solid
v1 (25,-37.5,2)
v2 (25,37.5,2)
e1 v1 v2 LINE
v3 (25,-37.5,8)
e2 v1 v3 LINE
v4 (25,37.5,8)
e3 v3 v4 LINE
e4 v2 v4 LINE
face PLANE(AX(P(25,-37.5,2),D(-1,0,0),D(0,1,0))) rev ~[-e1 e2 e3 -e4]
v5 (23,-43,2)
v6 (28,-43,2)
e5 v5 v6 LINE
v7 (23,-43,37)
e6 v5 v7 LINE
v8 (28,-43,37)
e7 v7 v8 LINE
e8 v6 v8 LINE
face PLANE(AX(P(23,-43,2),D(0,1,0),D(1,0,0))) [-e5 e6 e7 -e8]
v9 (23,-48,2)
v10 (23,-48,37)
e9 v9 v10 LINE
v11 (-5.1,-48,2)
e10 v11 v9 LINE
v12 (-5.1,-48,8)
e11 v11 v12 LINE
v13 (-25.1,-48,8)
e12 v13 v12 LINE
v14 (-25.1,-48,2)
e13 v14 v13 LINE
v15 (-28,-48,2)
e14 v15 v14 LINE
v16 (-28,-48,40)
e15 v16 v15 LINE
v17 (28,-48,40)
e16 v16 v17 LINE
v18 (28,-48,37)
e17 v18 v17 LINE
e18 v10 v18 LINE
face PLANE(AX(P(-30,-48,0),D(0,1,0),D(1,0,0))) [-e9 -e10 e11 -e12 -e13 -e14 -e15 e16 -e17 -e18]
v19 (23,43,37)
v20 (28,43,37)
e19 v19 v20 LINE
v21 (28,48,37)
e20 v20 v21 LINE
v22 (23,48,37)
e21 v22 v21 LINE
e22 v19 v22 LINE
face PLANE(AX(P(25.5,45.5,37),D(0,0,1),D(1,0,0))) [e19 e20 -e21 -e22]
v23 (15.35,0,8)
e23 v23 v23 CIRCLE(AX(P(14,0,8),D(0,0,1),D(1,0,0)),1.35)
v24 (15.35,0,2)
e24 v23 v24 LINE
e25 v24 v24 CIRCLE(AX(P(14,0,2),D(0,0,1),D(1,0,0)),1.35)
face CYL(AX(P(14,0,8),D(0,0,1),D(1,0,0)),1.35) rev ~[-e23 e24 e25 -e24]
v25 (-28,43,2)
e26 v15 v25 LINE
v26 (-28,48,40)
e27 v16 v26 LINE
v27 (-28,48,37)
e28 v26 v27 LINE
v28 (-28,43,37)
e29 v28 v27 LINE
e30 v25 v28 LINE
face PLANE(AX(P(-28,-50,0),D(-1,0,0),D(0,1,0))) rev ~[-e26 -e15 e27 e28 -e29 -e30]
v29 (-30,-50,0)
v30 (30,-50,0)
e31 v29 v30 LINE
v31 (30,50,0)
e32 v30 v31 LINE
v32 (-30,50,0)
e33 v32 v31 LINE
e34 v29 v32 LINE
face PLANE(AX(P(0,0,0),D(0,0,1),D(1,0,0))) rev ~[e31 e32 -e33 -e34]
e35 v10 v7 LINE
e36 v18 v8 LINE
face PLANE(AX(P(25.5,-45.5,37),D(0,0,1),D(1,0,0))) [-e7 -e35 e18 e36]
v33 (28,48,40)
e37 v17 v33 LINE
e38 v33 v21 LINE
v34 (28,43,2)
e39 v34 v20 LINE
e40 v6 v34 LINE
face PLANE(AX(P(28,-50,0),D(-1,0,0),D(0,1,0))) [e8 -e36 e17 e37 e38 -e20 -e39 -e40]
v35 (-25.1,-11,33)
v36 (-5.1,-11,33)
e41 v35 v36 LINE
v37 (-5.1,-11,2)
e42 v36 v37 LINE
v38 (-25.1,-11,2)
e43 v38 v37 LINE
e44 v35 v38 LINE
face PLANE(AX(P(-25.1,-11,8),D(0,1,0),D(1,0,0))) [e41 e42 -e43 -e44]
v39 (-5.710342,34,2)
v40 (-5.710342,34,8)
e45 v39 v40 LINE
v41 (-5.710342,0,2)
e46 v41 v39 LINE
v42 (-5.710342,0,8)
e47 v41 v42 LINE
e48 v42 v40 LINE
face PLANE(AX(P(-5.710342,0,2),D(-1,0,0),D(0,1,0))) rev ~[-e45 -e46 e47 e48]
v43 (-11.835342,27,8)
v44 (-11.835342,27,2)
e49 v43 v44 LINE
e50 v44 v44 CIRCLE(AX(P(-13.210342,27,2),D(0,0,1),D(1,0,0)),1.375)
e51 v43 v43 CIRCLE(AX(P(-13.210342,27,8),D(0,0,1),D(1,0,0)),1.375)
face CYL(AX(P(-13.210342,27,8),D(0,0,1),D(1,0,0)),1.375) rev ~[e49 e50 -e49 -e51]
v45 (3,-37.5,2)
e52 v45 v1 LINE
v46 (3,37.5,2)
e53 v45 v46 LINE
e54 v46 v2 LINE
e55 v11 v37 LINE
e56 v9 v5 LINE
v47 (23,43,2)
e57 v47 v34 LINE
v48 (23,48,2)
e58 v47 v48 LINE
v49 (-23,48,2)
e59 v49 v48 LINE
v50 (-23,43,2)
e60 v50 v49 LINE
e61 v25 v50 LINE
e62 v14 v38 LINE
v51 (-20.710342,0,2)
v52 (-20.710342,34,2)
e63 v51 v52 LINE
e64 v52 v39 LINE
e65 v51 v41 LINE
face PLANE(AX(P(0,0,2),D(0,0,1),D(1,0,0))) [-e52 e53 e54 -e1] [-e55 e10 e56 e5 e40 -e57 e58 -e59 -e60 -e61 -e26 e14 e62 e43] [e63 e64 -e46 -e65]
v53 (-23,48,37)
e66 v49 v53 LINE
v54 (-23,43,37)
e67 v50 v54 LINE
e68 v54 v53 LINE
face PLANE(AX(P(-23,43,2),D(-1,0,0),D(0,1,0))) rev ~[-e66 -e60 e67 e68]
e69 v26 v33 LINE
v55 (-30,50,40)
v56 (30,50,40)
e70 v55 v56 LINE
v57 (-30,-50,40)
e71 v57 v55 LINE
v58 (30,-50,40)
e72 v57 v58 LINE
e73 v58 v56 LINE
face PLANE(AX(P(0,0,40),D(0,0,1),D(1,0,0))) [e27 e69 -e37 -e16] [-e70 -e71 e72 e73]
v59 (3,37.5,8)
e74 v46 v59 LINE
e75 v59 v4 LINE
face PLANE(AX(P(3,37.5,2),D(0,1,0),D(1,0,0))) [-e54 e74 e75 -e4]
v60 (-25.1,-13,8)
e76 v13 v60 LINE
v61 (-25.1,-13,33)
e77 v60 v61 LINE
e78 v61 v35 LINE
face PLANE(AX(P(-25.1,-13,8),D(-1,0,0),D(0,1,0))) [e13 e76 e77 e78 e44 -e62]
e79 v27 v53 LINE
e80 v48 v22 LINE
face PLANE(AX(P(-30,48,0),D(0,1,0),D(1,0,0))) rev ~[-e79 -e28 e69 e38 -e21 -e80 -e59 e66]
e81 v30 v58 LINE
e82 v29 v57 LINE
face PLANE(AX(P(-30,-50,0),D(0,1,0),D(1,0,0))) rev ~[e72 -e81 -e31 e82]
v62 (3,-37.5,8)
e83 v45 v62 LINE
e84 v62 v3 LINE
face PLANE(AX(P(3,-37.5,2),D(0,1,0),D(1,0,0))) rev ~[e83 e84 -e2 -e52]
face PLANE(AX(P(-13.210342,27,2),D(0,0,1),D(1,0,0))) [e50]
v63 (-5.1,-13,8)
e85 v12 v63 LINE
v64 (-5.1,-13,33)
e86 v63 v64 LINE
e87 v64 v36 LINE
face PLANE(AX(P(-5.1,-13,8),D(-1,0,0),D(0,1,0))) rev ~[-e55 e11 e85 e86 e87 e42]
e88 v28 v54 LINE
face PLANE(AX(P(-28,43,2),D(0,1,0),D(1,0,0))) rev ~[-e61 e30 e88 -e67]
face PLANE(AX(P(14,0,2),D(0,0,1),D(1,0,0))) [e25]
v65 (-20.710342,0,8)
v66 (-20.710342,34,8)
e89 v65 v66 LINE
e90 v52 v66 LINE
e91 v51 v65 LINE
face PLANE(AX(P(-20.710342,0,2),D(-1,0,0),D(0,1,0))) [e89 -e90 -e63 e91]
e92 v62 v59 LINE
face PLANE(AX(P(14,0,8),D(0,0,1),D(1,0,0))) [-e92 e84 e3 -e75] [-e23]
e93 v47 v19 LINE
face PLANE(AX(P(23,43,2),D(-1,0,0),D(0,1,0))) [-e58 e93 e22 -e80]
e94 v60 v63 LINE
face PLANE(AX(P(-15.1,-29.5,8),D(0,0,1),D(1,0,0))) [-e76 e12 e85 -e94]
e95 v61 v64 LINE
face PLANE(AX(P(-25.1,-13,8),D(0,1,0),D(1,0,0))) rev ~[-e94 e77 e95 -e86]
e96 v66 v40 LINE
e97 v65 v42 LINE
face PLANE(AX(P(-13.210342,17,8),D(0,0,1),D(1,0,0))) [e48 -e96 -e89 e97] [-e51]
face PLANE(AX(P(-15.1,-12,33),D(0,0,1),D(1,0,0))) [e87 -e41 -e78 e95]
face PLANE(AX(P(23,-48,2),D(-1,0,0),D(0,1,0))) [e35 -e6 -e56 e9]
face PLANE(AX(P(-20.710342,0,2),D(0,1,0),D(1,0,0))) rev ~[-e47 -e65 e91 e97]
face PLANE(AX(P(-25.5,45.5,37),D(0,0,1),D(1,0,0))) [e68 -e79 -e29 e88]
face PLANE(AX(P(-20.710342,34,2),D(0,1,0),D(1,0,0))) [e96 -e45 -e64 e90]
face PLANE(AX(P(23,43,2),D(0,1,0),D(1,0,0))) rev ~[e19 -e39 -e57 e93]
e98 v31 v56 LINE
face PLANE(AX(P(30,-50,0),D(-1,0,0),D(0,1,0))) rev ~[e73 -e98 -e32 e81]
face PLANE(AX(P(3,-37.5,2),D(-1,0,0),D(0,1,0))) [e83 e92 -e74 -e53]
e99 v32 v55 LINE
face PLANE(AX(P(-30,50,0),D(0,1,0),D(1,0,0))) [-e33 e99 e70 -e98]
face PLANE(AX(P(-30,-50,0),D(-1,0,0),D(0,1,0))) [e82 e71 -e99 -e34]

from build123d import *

# Parameters (mm, degrees)
F0_W      = 60
F0_H      = 100
F1_DEPTH  = 40
F2_T      = -2
F3_W      = 22
F3_H      = 75
F4_DEPTH  = 6
F5_R      = 1.35
F6_DEPTH  = 6
F7_W      = 20
F7_H      = 37
F8_DEPTH  = 6
F9_W      = 20
F9_H      = 2
F10_DEPTH = 25
F11_W     = 15
F11_H     = 34
F12_DEPTH = 6
F13_R     = 1.375
F14_DEPTH = 6
F15_W     = 5
F15_H     = 5
F16_DEPTH = 35


with BuildPart() as f1:
    # F0 (on Top) → F1 (new body)
    with BuildSketch(Plane.XY):
        Rectangle(F0_W, F0_H)
    extrude(amount=F1_DEPTH)

    # F2
    f2_openings = [f1.faces().sort_by_distance(p)[0] for p in [
        (0, 0, 40),
    ]]
    offset(amount=F2_T, openings=f2_openings)

    # F3 (on face) → F4 (join)
    with BuildSketch(Plane.XY.offset(2)):
        with Locations((14, 0)):
            Rectangle(F3_W, F3_H)
    extrude(amount=F4_DEPTH)

    # F5 (on face) → F6 (cut)
    with BuildSketch(Plane.XY.offset(8)):
        with Locations((14, 0)):
            Circle(F5_R)
    extrude(amount=-F6_DEPTH, mode=Mode.SUBTRACT)

    # F7 (on face) → F8 (join)
    with BuildSketch(Plane.XY.offset(2)):
        with Locations((-15.1, -29.5)):
            Rectangle(F7_W, F7_H)
    extrude(amount=F8_DEPTH)

    # F9 (on face) → F10 (join)
    with BuildSketch(Plane.XY.offset(8)):
        with Locations((-15.1, -12)):
            Rectangle(F9_W, F9_H)
    extrude(amount=F10_DEPTH)

    # F11 (on face) → F12 (join)
    with BuildSketch(Plane.XY.offset(2)):
        with Locations((-13.210342, 17)):
            Rectangle(F11_W, F11_H)
    extrude(amount=F12_DEPTH)

    # F13 (on face) → F14 (cut)
    with BuildSketch(Plane.XY.offset(8)):
        with Locations((-13.210342, 27)):
            Circle(F13_R)
    extrude(amount=-F14_DEPTH, mode=Mode.SUBTRACT)

    # F15 (on face) → F16 (join)
    with BuildSketch(Plane.XY.offset(2)):
        with Locations((-25.5, 45.5)):
            Rectangle(F15_W, F15_H)
        with Locations((25.5, 45.5)):
            Rectangle(F15_W, F15_H)
        with Locations((25.5, -45.5)):
            Rectangle(F15_W, F15_H)
    extrude(amount=F16_DEPTH)


solid = f1.part
